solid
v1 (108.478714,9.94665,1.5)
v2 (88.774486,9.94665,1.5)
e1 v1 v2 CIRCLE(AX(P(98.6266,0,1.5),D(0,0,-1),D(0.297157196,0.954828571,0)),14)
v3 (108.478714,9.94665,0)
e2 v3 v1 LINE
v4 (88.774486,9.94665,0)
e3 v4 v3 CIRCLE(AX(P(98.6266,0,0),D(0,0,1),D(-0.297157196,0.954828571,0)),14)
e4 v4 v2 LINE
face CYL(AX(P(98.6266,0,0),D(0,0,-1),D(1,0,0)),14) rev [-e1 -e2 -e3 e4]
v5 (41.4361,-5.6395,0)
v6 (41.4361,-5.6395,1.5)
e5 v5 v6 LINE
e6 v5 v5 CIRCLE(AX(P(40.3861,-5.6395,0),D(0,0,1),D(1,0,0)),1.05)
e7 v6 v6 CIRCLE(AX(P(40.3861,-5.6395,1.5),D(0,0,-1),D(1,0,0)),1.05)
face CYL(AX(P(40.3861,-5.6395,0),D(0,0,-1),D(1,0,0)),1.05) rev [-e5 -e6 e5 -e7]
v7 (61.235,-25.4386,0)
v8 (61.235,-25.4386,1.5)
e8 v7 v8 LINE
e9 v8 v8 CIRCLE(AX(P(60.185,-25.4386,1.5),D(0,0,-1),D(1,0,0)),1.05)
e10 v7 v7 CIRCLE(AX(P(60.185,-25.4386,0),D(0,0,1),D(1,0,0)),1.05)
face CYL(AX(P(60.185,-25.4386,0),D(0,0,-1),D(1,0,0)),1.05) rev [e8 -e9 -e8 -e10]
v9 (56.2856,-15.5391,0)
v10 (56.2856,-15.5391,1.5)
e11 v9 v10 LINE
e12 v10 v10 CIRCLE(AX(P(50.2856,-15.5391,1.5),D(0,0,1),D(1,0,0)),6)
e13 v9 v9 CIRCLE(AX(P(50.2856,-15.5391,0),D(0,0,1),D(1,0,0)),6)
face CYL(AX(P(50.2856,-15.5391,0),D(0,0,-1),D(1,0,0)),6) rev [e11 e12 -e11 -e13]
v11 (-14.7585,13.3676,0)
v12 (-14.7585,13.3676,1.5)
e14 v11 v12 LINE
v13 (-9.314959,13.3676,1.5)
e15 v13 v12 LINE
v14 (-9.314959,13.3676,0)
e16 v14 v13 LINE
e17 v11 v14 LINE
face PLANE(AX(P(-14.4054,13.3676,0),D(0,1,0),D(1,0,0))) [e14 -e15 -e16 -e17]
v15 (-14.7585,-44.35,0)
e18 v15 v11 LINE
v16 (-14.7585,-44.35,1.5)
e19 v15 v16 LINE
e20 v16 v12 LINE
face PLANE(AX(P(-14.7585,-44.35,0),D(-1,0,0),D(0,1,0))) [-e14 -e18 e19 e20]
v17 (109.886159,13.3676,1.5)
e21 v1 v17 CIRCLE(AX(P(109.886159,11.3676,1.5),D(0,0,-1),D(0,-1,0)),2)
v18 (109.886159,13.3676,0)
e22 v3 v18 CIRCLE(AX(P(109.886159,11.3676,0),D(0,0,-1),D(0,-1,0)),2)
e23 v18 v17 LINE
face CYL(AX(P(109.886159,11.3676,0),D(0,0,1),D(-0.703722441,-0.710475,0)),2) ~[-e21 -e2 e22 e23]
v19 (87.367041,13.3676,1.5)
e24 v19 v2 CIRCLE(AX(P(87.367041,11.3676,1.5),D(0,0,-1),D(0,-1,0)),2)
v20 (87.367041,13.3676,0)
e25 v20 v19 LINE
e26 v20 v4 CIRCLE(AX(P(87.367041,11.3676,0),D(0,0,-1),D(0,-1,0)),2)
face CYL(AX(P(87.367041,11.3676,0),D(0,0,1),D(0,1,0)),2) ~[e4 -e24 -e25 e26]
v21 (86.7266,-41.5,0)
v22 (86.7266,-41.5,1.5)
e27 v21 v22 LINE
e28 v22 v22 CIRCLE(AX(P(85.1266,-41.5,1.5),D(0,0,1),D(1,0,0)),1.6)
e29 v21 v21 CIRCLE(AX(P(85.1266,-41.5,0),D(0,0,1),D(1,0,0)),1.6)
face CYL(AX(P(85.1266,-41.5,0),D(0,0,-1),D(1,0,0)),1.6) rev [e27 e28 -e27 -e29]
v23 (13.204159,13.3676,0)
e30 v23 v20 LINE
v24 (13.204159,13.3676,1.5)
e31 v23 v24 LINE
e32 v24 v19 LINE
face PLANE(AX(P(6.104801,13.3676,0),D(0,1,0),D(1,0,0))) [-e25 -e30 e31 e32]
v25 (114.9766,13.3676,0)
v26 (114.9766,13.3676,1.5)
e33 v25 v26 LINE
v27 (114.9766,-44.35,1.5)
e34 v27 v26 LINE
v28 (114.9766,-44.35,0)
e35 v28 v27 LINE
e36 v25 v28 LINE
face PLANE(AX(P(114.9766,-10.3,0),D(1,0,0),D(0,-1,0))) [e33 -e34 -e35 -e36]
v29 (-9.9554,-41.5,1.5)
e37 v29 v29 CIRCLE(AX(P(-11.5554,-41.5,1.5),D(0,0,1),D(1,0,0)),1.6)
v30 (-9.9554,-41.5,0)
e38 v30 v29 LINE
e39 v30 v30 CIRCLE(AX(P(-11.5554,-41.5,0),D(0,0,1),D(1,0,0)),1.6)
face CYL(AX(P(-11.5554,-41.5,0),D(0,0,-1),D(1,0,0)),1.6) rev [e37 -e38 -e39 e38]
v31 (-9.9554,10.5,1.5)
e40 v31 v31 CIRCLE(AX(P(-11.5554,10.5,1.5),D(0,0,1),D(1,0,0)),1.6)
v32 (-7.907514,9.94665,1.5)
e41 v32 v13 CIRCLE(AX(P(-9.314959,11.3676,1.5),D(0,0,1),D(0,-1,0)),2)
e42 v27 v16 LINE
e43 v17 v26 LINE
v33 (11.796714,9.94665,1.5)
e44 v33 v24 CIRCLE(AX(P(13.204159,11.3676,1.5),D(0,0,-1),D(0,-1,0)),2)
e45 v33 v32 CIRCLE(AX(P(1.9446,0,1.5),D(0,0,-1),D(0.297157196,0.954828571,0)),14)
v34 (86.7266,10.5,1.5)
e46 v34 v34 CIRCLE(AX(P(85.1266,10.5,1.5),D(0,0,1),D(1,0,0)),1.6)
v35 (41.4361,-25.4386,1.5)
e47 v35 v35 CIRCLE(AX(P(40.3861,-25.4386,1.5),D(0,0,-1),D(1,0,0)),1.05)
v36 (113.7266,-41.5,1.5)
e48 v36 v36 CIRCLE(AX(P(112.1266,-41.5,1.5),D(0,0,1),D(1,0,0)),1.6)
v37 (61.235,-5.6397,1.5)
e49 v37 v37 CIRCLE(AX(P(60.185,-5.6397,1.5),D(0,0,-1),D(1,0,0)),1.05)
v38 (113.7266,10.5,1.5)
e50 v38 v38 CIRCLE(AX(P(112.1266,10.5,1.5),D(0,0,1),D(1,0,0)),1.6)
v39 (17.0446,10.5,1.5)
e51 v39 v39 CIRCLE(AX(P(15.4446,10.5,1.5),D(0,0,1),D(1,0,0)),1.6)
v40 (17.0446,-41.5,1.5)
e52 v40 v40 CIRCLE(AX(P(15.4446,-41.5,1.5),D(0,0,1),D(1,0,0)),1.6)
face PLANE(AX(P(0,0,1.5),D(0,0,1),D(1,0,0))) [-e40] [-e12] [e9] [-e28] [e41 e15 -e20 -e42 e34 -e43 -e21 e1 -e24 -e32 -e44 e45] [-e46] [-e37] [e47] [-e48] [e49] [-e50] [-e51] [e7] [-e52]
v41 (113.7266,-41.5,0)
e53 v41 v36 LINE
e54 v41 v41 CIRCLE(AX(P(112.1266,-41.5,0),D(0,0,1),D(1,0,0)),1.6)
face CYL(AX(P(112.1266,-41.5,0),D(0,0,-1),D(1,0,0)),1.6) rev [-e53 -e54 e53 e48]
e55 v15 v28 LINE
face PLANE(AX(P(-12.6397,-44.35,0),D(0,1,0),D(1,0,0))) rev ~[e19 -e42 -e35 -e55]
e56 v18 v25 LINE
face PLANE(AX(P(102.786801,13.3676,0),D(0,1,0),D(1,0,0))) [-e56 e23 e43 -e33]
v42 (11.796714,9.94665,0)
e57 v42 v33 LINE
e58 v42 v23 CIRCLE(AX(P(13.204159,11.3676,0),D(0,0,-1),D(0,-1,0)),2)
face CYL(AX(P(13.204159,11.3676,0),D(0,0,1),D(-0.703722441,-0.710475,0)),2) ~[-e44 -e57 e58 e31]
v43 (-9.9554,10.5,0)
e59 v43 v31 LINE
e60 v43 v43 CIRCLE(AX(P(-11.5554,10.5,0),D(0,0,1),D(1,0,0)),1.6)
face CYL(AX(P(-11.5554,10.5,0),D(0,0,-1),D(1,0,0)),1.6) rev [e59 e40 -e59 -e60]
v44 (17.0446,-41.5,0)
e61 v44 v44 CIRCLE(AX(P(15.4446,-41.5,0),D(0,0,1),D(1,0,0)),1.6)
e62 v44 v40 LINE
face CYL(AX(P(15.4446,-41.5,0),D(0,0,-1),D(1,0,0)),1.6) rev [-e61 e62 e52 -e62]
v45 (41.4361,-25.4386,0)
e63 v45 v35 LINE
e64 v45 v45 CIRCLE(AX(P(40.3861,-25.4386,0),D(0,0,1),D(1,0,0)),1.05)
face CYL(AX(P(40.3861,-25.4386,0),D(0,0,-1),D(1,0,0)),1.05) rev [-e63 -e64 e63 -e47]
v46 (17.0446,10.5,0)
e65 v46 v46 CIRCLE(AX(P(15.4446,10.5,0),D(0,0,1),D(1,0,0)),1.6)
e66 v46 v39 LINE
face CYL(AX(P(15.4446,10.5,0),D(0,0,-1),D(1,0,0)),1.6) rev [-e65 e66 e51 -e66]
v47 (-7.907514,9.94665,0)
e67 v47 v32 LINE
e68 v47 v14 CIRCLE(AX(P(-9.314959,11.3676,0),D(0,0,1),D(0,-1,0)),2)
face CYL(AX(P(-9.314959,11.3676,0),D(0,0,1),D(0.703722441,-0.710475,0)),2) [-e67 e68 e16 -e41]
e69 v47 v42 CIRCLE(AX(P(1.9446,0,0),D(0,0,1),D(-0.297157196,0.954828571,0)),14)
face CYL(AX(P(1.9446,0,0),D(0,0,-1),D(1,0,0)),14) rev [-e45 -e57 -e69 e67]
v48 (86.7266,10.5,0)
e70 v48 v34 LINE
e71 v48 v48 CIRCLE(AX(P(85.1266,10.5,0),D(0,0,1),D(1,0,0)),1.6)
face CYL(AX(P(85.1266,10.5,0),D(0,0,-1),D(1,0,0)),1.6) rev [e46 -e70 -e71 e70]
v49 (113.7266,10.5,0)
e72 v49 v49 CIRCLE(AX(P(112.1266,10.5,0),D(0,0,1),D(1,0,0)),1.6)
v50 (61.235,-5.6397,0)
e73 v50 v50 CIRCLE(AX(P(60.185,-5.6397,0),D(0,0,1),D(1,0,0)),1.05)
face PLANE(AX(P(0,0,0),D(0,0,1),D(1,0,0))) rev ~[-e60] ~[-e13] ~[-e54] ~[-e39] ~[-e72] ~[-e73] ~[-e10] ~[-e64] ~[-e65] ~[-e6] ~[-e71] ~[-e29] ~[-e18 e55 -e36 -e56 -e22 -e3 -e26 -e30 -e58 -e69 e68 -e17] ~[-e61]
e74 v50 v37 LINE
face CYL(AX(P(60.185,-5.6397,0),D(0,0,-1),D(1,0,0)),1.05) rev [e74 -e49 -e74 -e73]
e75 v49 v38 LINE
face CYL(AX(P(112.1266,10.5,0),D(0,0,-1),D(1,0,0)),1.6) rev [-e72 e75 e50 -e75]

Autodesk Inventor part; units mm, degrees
ref_plane "YZ Plane" through (0, 0, 0) normal (1, 0, 0) x (0, 1, 0)
ref_plane "XZ Plane" through (0, 0, 0) normal (0, 1, 0) x (-1, 0, 0)
ref_plane "XY Plane" through (0, 0, 0) normal (0, 0, 1) x (1, 0, 0)
sketch "スケッチ1" plane through (0, 0, 0) normal (0, 0, 1) x (1, 0, 0)
  line L0 (16.5289, 13.35) -> (-12.6397, 13.35) projected
  line L1 (-12.6397, 13.35) -> (-14.4054, 11.5843) projected
  line L2 (-14.4054, 11.5843) -> (-14.4054, -42.5843) projected
  line L3 (-14.4054, -42.5843) -> (-12.6397, -44.35) projected
  line L4 (-12.6397, -44.35) -> (16.5289, -44.35) projected
  line L5 (16.5289, -44.35) -> (18.2946, -42.5843) projected
  line L6 (18.2946, -42.5843) -> (18.2946, 11.5843) projected
  line L7 (18.2946, 11.5843) -> (16.5289, 13.35) projected
  circle A0 centre (-11.5554, 10.5) radius 2.4 projected
  circle A1 centre (15.4446, -41.5) radius 2.4 projected
  circle A2 centre (-11.5554, -41.5) radius 2.4 projected
  circle A3 centre (15.4446, -10.5) radius 1.35 projected
  circle A4 centre (-11.5554, -10.5) radius 1.35 projected
  circle A5 centre (15.4446, 10.5) radius 2.4 projected
  circle A6 centre (1.9446, 0) radius 13 projected
  line L8 (86.9266, -23.7) -> (82.2766, -23.7) projected
  line L9 (82.2766, -23.7) -> (82.2766, -42.5843) projected
  line L10 (82.2766, -42.5843) -> (84.0423, -44.35) projected
  line L11 (84.0423, -44.35) -> (113.2109, -44.35) projected
  line L12 (113.2109, -44.35) -> (114.9766, -42.5843) projected
  line L13 (114.9766, -42.5843) -> (114.9766, -23.7) projected
  line L14 (114.9766, -23.7) -> (110.3266, -23.7) projected
  arc A7 (109.8266, -23.2) -> (110.3266, -23.7) centre (110.3266, -23.2) ccw projected
  line L15 (109.8266, -23.2) -> (109.8266, -21.9243) projected
  arc A8 (109.8266, -21.9243) -> (109.7973, -21.8536) centre (109.7266, -21.9243) ccw projected
  line L16 (109.7973, -21.8536) -> (106.673, -18.7293) projected
  arc A9 (106.673, -18.7293) -> (106.6023, -18.7) centre (106.6023, -18.8) ccw projected
  line L17 (106.6023, -18.7) -> (90.6508, -18.7) projected
  arc A10 (90.6508, -18.7) -> (90.5801, -18.7293) centre (90.6508, -18.8) ccw projected
  line L18 (90.5801, -18.7293) -> (87.4559, -21.8536) projected
  arc A11 (87.4559, -21.8536) -> (87.4266, -21.9243) centre (87.5266, -21.9243) ccw projected
  line L19 (87.4266, -21.9243) -> (87.4266, -23.2) projected
  arc A12 (86.9266, -23.7) -> (87.4266, -23.2) centre (86.9266, -23.2) ccw projected
  circle A13 centre (112.1266, -41.5) radius 2.4 projected
  circle A14 centre (85.1266, -41.5) radius 2.4 projected
  line L20 (82.2766, -10.3) -> (90.695, -10.3) projected
  arc A15 (94.6266, 12.3693) -> (90.695, -10.3) centre (98.6266, 0) ccw projected
  line L21 (94.6266, 13.35) -> (94.6266, 12.3693) projected
  line L22 (94.6266, 13.35) -> (84.0423, 13.35) projected
  line L23 (84.0423, 13.35) -> (82.2766, 11.5843) projected
  line L24 (82.2766, 11.5843) -> (82.2766, -10.3) projected
  circle A16 centre (85.1266, 10.5) radius 2.4 projected
  line L25 (106.5581, -10.3) -> (114.9766, -10.3) projected
  line L26 (114.9766, -10.3) -> (114.9766, 11.5843) projected
  line L27 (114.9766, 11.5843) -> (113.2109, 13.35) projected
  line L28 (113.2109, 13.35) -> (102.6266, 13.35) projected
  line L29 (102.6266, 13.35) -> (102.6266, 12.3693) projected
  arc A17 (106.5581, -10.3) -> (102.6266, 12.3693) centre (98.6266, 0) ccw projected
  circle A18 centre (112.1266, 10.5) radius 2.4 projected
  circle A19 centre (85.1266, -41.5) radius 1.3 projected
  circle A20 centre (112.1266, -41.5) radius 1.3 projected
  circle A21 centre (112.1266, 10.5) radius 1.3 projected
  circle A22 centre (85.1266, 10.5) radius 1.3 projected
  circle A23 centre (15.4446, 10.5) radius 1.3 projected
  circle A24 centre (-11.5554, 10.5) radius 1.3 projected
  circle A25 centre (-11.5554, -41.5) radius 1.3 projected
  circle A26 centre (15.4446, -41.5) radius 1.3 projected
  circle A27 centre (50.2856, -15.5391) radius 5 projected
  line L30 (-14.7585, 13.3676) -> (114.9766, 13.3676)
  line L31 (114.9766, 13.3676) -> (114.9766, -44.35)
  line L32 (114.9766, -44.35) -> (-14.7585, -44.35)
  line L33 (-14.7585, -44.35) -> (-14.7585, 13.3676)
  circle A28 centre (50.2856, -15.5391) radius 6
  circle A29 centre (85.1266, -41.5) radius 1.6
  circle A30 centre (112.1266, -41.5) radius 1.6
  circle A31 centre (112.1266, 10.5) radius 1.6
  circle A32 centre (85.1266, 10.5) radius 1.6
  circle A33 centre (-11.5554, 10.5) radius 1.6
  circle A34 centre (15.4446, 10.5) radius 1.6
  circle A35 centre (-11.5554, -41.5) radius 1.6
  circle A36 centre (15.4446, -41.5) radius 1.6
  circle A37 centre (1.9446, 0) radius 14
  circle A38 centre (98.6266, 0) radius 14
  line L34 (-14.7353, -44.35) -> (-14.4054, 13.3676)
  circle A39 centre (50.2856, -15.5391) radius 14
  line L35 (60.185, -5.6395) -> (40.3861, -5.6395)
  line L36 (40.3861, -5.6395) -> (40.3861, -25.4386)
  line L37 (40.3861, -25.4386) -> (60.185, -25.4386)
  line L38 (60.185, -25.4386) -> (60.185, -5.6395)
  line L39 (60.185, -5.6395) -> (40.3861, -25.4386) construction
  line L40 (40.3861, -5.6395) -> (60.185, -25.4386) construction
  circle A40 centre (40.3861, -5.6395) radius 1.05
  circle A41 centre (60.185, -5.6397) radius 1.05
  circle A42 centre (60.185, -25.4386) radius 1.05
  circle A43 centre (40.3861, -25.4386) radius 1.05
  point P0 (0, 0)
  point P1 (13.955, 9.6197)
  point P2 (94.4663, 13.3676)
  point P3 (94.6266, 13.35)
  point P4 (84.0423, 13.35)
  point P5 (14.5843, 13.35)
  point P6 (6.1609, 13.35)
  point P7 (-2.2718, 13.35)
  point P8 (-14.5843, 13.35)
  point P9 (-16.35, 11.5843)
  point P10 (-16.35, -42.5843)
  point P11 (-12.6397, -44.35)
  point P12 (16.5289, -44.35)
  point P13 (84.0423, -44.35)
  point P14 (113.2109, -44.35)
  point P15 (114.9766, -42.5843)
  point P16 (114.9766, -23.7)
  point P17 (113.2109, 13.35)
  point P18 (102.6266, 13.35)
  point P19 (102.7868, 13.3676)
  point P20 (84.0423, -44.35)
  point P21 (113.2109, -44.35)
  point P22 (6.1048, 13.3676)
  point P23 (-2.2157, 13.3676)
  point P24 (114.9766, -42.5843)
  point P25 (114.9766, -23.7)
  point P26 (114.9766, 11.5843)
  point P27 (114.9766, -10.3)
  point P28 (106.5581, -10.3)
  dimension "d14" = 28
  dimension "d0" = 12
  dimension "d1" = 3.2
  dimension "d2" = 3.2
  dimension "d3" = 3.2
  dimension "d4" = 3.2
  dimension "d5" = 3.2
  dimension "d6" = 3.2
  dimension "d7" = 3.2
  dimension "d8" = 3.2
  dimension "d9" = 28
  dimension "d10" = 28
  dimension "d15" = 19.7989
  dimension "d16" = 2.1
  dimension "d17" = 2.1
  dimension "d18" = 2.1
  dimension "d19" = 2.1
extrude "押し出し1" add sketch "スケッチ1" along normal blind 1.5 contours L7 L6 L5 L4 L3 L2 L1 L0 A37 | L0 A37 L30 A38 L22 L23 L24 L20 L25 L31 L14 A7 L15 A8 L16 A9 L17 A10 L18 A11 L19 A12 L8 L9 L10 L32 L5 L6 L7 | L0 L1 L2 L3 L32 L34 L30 A37 | L34 L32 L33 L30 | L30 L31 L27 L28 A38 | A38 L20 L24 L23 L22 | L10 L9 L8 A12 L19 A11 L18 A10 L17 A9 L16 A8 L15 A7 L14 L13 L12 L11 | L28 L27 L26 L25 A38 | L12 L31 L32 | A0 | A1 | A2 | A3 | A4 | A5 | A13 | A14 | A16 | A18 | A39 A42 L38 A41 | L38 A42 L37 A43 L36 A40 L35 A41 | A41 L35 A40 A39 | A39 A43 L37 A42 | A40 L36 A43 A39
fillet "フィレット1" radius 2 4 edges at (102.7868, 13.3676, 0.75) (94.4663, 13.3676, 0.75) (6.1048, 13.3676, 0.75) (-2.2157, 13.3676, 0.75)
properties part number "ダイナミクセル2つ取り付け面"
